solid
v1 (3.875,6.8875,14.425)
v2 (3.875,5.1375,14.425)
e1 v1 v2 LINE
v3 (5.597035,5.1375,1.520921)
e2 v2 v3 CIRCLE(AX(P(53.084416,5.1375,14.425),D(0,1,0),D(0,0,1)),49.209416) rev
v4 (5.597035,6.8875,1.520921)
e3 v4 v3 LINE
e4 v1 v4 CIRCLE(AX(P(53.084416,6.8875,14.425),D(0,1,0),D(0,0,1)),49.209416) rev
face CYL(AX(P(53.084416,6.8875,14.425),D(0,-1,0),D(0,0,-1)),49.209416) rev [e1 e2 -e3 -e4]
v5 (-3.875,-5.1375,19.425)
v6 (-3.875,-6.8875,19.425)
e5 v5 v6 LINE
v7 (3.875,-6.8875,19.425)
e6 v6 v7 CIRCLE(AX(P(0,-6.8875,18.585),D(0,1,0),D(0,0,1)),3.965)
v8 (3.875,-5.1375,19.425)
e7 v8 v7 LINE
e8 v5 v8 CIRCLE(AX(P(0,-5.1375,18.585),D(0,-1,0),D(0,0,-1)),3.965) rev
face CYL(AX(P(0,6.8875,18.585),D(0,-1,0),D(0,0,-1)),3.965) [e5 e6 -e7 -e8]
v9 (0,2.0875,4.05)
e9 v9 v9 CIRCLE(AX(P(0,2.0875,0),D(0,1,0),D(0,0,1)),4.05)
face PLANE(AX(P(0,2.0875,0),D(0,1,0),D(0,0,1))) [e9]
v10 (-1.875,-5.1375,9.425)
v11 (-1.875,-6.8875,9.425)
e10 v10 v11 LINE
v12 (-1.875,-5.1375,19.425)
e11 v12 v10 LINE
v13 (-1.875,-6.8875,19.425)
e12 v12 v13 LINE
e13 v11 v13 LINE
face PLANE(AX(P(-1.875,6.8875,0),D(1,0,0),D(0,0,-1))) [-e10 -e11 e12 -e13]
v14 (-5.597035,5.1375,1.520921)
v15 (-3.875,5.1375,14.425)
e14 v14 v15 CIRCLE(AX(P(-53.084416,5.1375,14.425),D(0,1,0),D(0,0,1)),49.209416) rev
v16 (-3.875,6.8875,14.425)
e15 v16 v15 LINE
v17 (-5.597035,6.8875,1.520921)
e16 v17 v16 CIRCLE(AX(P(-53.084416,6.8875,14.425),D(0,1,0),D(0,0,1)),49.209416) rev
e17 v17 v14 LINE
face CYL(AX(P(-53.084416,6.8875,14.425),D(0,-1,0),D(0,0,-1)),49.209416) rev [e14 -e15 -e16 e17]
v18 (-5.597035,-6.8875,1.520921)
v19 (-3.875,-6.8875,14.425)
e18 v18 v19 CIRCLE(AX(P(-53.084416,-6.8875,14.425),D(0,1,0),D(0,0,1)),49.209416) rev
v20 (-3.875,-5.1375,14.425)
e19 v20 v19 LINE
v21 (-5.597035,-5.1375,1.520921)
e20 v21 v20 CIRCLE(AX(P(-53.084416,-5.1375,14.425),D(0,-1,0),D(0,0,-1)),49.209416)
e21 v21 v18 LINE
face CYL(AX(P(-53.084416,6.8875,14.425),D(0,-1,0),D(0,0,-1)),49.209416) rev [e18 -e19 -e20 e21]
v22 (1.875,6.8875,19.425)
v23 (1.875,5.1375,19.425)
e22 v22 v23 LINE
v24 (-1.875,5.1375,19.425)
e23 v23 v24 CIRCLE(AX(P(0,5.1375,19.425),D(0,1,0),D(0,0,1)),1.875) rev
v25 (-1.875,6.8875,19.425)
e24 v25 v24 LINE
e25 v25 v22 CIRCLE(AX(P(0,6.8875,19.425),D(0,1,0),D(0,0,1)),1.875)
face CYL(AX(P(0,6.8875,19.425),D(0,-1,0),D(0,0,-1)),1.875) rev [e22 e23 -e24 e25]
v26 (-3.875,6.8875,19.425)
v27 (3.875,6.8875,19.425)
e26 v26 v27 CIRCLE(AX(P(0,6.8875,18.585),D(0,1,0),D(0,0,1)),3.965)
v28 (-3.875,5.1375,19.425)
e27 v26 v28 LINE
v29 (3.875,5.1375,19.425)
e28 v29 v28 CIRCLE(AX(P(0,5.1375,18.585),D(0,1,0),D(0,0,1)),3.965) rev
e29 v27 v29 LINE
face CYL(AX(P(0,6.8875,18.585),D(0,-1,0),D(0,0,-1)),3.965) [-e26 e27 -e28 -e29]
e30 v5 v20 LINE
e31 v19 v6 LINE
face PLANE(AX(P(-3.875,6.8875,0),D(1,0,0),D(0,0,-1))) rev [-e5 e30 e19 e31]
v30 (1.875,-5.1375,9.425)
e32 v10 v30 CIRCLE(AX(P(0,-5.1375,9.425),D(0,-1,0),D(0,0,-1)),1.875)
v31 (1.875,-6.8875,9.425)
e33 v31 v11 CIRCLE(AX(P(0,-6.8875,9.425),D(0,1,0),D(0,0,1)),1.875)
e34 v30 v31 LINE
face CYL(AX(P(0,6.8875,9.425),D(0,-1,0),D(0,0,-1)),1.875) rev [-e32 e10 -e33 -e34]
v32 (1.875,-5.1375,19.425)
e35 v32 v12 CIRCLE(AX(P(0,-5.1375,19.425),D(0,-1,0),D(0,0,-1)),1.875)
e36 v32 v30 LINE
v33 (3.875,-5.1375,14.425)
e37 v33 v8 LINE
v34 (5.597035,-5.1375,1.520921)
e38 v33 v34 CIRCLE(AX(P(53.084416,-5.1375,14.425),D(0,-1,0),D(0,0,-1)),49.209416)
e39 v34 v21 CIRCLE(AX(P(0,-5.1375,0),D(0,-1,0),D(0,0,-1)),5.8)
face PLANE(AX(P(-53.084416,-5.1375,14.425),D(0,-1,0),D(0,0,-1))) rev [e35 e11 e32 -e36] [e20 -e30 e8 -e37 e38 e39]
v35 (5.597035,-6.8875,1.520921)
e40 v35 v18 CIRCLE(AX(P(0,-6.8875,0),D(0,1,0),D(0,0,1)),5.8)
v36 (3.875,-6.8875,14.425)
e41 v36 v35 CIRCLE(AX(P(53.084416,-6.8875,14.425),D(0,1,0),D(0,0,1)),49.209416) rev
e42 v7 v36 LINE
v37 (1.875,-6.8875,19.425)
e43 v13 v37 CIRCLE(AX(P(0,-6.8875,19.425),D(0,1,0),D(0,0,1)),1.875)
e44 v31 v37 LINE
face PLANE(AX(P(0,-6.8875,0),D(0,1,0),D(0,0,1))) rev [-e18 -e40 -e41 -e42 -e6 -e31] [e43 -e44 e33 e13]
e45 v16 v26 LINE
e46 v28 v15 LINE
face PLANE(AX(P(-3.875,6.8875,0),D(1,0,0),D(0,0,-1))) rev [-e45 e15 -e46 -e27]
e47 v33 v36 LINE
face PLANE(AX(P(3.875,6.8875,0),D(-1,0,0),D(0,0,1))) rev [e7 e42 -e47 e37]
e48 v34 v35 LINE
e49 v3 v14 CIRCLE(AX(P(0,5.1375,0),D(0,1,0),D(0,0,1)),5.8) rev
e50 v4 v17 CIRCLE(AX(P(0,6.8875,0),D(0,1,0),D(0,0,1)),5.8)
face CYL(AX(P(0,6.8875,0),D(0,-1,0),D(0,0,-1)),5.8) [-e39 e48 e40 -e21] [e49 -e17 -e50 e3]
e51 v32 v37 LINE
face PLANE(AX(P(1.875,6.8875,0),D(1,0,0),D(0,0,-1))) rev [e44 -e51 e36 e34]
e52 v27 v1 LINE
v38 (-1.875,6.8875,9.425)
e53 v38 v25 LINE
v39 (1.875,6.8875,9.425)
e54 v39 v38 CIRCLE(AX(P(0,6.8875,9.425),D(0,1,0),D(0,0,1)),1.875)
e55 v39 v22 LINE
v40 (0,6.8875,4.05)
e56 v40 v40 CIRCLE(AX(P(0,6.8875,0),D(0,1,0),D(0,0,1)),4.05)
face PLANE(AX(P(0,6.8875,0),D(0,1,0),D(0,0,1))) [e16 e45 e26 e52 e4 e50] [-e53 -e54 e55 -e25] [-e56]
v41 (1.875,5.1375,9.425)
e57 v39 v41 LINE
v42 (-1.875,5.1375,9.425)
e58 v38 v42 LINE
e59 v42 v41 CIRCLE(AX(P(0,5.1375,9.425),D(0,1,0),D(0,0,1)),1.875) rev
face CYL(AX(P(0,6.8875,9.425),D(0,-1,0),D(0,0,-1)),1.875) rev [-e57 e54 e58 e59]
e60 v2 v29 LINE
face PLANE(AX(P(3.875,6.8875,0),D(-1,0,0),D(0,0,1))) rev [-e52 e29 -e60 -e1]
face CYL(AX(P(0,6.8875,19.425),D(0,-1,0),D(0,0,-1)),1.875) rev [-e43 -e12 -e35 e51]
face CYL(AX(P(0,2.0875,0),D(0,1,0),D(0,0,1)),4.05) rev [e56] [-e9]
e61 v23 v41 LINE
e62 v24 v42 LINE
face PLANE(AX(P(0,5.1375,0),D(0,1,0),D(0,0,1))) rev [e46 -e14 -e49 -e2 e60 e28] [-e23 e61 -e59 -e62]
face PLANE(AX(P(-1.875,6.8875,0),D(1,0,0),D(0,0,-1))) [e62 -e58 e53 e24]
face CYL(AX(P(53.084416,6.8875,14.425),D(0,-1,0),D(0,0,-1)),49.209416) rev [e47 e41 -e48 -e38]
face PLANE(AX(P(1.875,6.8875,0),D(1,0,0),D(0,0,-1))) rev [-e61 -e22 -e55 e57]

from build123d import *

# Parameters (mm, degrees)
SKETCH1_R           = 5.8
SKETCH1_R_2         = 4.05
BOSS_EXTRUDE1_DEPTH = 6.8875
CUT_EXTRUDE1_START  = -5.1375
CUT_EXTRUDE1_DEPTH  = 10.274999888
CUT_EXTRUDE2_START  = 6.8875
SKETCH1_5_R         = 4.05
CUT_EXTRUDE2_DEPTH  = 4.8
CUT_EXTRUDE3_DEPTH  = 28.681774239


with BuildPart() as part:
    # Sketch1 → Boss-Extrude1 (new, symmetric)
    with BuildSketch(Plane(origin=(0, 0, 0), x_dir=(1, 0, 0), z_dir=(0, 1, 0))):
        with BuildLine():
            ThreePointArc((-5.597034746, -1.520921448), (-4.307408497, -7.915763352), (-3.875, -14.425))
            Line((-3.875, -14.425), (-3.875, -19.425))
            ThreePointArc((-3.875, -19.425), (0, -23.3), (3.875, -19.425))
            Line((3.875, -19.425), (3.875, -14.425))
            ThreePointArc((3.875, -14.425), (4.307408497, -7.915763352), (5.597034746, -1.520921448))
            ThreePointArc((5.597034746, -1.520921448), (0, -5.8), (-5.597034746, -1.520921448))
        make_face()
        with BuildLine():
            ThreePointArc((-1.875, -9.425), (0, -7.55), (1.875, -9.425))
            Line((1.875, -9.425), (1.875, -19.425))
            ThreePointArc((1.875, -19.425), (0, -21.3), (-1.875, -19.425))
            Line((-1.875, -19.425), (-1.875, -9.425))
        make_face(mode=Mode.SUBTRACT)
        Circle(SKETCH1_R)
        Circle(SKETCH1_R_2, mode=Mode.SUBTRACT)
        Circle(SKETCH1_R_2)
    extrude(amount=BOSS_EXTRUDE1_DEPTH, both=True)

    # Sketch1<4> → Cut-Extrude1 (cut)
    with BuildSketch(Plane(origin=(0, 0, 0), x_dir=(1, 0, 0), z_dir=(0, 1, 0)).offset(CUT_EXTRUDE1_START)):
        with BuildLine():
            ThreePointArc((-5.597034746, -1.520921448), (-4.307408497, -7.915763352), (-3.875, -14.425))
            Line((-3.875, -14.425), (-3.875, -19.425))
            ThreePointArc((-3.875, -19.425), (0, -23.3), (3.875, -19.425))
            Line((3.875, -19.425), (3.875, -14.425))
            ThreePointArc((3.875, -14.425), (4.307408497, -7.915763352), (5.597034746, -1.520921448))
            ThreePointArc((5.597034746, -1.520921448), (0, -5.8), (-5.597034746, -1.520921448))
        make_face()
        with BuildLine():
            ThreePointArc((-1.875, -9.425), (0, -7.55), (1.875, -9.425))
            Line((1.875, -9.425), (1.875, -19.425))
            ThreePointArc((1.875, -19.425), (0, -21.3), (-1.875, -19.425))
            Line((-1.875, -19.425), (-1.875, -9.425))
        make_face(mode=Mode.SUBTRACT)
    extrude(amount=CUT_EXTRUDE1_DEPTH, mode=Mode.SUBTRACT)

    # Sketch1<5> → Cut-Extrude2 (cut)
    with BuildSketch(Plane(origin=(0, 0, 0), x_dir=(1, 0, 0), z_dir=(0, 1, 0)).offset(CUT_EXTRUDE2_START)):
        with Locations(Location((0, 0, 0), (0, 0, 270))):
            Circle(SKETCH1_5_R)
    extrude(amount=-CUT_EXTRUDE2_DEPTH, mode=Mode.SUBTRACT)

    # Sketch4 → Cut-Extrude3 (cut, through all)
    with BuildSketch(Plane.XZ.offset(6.8875)):
        with BuildLine():
            ThreePointArc((-3.875, 19.425), (0, 22.55), (3.875, 19.425))
            ThreePointArc((3.875, 19.425), (0, 23.3), (-3.875, 19.425))
        make_face()
    extrude(amount=-CUT_EXTRUDE3_DEPTH, mode=Mode.SUBTRACT)


solid = part.part
